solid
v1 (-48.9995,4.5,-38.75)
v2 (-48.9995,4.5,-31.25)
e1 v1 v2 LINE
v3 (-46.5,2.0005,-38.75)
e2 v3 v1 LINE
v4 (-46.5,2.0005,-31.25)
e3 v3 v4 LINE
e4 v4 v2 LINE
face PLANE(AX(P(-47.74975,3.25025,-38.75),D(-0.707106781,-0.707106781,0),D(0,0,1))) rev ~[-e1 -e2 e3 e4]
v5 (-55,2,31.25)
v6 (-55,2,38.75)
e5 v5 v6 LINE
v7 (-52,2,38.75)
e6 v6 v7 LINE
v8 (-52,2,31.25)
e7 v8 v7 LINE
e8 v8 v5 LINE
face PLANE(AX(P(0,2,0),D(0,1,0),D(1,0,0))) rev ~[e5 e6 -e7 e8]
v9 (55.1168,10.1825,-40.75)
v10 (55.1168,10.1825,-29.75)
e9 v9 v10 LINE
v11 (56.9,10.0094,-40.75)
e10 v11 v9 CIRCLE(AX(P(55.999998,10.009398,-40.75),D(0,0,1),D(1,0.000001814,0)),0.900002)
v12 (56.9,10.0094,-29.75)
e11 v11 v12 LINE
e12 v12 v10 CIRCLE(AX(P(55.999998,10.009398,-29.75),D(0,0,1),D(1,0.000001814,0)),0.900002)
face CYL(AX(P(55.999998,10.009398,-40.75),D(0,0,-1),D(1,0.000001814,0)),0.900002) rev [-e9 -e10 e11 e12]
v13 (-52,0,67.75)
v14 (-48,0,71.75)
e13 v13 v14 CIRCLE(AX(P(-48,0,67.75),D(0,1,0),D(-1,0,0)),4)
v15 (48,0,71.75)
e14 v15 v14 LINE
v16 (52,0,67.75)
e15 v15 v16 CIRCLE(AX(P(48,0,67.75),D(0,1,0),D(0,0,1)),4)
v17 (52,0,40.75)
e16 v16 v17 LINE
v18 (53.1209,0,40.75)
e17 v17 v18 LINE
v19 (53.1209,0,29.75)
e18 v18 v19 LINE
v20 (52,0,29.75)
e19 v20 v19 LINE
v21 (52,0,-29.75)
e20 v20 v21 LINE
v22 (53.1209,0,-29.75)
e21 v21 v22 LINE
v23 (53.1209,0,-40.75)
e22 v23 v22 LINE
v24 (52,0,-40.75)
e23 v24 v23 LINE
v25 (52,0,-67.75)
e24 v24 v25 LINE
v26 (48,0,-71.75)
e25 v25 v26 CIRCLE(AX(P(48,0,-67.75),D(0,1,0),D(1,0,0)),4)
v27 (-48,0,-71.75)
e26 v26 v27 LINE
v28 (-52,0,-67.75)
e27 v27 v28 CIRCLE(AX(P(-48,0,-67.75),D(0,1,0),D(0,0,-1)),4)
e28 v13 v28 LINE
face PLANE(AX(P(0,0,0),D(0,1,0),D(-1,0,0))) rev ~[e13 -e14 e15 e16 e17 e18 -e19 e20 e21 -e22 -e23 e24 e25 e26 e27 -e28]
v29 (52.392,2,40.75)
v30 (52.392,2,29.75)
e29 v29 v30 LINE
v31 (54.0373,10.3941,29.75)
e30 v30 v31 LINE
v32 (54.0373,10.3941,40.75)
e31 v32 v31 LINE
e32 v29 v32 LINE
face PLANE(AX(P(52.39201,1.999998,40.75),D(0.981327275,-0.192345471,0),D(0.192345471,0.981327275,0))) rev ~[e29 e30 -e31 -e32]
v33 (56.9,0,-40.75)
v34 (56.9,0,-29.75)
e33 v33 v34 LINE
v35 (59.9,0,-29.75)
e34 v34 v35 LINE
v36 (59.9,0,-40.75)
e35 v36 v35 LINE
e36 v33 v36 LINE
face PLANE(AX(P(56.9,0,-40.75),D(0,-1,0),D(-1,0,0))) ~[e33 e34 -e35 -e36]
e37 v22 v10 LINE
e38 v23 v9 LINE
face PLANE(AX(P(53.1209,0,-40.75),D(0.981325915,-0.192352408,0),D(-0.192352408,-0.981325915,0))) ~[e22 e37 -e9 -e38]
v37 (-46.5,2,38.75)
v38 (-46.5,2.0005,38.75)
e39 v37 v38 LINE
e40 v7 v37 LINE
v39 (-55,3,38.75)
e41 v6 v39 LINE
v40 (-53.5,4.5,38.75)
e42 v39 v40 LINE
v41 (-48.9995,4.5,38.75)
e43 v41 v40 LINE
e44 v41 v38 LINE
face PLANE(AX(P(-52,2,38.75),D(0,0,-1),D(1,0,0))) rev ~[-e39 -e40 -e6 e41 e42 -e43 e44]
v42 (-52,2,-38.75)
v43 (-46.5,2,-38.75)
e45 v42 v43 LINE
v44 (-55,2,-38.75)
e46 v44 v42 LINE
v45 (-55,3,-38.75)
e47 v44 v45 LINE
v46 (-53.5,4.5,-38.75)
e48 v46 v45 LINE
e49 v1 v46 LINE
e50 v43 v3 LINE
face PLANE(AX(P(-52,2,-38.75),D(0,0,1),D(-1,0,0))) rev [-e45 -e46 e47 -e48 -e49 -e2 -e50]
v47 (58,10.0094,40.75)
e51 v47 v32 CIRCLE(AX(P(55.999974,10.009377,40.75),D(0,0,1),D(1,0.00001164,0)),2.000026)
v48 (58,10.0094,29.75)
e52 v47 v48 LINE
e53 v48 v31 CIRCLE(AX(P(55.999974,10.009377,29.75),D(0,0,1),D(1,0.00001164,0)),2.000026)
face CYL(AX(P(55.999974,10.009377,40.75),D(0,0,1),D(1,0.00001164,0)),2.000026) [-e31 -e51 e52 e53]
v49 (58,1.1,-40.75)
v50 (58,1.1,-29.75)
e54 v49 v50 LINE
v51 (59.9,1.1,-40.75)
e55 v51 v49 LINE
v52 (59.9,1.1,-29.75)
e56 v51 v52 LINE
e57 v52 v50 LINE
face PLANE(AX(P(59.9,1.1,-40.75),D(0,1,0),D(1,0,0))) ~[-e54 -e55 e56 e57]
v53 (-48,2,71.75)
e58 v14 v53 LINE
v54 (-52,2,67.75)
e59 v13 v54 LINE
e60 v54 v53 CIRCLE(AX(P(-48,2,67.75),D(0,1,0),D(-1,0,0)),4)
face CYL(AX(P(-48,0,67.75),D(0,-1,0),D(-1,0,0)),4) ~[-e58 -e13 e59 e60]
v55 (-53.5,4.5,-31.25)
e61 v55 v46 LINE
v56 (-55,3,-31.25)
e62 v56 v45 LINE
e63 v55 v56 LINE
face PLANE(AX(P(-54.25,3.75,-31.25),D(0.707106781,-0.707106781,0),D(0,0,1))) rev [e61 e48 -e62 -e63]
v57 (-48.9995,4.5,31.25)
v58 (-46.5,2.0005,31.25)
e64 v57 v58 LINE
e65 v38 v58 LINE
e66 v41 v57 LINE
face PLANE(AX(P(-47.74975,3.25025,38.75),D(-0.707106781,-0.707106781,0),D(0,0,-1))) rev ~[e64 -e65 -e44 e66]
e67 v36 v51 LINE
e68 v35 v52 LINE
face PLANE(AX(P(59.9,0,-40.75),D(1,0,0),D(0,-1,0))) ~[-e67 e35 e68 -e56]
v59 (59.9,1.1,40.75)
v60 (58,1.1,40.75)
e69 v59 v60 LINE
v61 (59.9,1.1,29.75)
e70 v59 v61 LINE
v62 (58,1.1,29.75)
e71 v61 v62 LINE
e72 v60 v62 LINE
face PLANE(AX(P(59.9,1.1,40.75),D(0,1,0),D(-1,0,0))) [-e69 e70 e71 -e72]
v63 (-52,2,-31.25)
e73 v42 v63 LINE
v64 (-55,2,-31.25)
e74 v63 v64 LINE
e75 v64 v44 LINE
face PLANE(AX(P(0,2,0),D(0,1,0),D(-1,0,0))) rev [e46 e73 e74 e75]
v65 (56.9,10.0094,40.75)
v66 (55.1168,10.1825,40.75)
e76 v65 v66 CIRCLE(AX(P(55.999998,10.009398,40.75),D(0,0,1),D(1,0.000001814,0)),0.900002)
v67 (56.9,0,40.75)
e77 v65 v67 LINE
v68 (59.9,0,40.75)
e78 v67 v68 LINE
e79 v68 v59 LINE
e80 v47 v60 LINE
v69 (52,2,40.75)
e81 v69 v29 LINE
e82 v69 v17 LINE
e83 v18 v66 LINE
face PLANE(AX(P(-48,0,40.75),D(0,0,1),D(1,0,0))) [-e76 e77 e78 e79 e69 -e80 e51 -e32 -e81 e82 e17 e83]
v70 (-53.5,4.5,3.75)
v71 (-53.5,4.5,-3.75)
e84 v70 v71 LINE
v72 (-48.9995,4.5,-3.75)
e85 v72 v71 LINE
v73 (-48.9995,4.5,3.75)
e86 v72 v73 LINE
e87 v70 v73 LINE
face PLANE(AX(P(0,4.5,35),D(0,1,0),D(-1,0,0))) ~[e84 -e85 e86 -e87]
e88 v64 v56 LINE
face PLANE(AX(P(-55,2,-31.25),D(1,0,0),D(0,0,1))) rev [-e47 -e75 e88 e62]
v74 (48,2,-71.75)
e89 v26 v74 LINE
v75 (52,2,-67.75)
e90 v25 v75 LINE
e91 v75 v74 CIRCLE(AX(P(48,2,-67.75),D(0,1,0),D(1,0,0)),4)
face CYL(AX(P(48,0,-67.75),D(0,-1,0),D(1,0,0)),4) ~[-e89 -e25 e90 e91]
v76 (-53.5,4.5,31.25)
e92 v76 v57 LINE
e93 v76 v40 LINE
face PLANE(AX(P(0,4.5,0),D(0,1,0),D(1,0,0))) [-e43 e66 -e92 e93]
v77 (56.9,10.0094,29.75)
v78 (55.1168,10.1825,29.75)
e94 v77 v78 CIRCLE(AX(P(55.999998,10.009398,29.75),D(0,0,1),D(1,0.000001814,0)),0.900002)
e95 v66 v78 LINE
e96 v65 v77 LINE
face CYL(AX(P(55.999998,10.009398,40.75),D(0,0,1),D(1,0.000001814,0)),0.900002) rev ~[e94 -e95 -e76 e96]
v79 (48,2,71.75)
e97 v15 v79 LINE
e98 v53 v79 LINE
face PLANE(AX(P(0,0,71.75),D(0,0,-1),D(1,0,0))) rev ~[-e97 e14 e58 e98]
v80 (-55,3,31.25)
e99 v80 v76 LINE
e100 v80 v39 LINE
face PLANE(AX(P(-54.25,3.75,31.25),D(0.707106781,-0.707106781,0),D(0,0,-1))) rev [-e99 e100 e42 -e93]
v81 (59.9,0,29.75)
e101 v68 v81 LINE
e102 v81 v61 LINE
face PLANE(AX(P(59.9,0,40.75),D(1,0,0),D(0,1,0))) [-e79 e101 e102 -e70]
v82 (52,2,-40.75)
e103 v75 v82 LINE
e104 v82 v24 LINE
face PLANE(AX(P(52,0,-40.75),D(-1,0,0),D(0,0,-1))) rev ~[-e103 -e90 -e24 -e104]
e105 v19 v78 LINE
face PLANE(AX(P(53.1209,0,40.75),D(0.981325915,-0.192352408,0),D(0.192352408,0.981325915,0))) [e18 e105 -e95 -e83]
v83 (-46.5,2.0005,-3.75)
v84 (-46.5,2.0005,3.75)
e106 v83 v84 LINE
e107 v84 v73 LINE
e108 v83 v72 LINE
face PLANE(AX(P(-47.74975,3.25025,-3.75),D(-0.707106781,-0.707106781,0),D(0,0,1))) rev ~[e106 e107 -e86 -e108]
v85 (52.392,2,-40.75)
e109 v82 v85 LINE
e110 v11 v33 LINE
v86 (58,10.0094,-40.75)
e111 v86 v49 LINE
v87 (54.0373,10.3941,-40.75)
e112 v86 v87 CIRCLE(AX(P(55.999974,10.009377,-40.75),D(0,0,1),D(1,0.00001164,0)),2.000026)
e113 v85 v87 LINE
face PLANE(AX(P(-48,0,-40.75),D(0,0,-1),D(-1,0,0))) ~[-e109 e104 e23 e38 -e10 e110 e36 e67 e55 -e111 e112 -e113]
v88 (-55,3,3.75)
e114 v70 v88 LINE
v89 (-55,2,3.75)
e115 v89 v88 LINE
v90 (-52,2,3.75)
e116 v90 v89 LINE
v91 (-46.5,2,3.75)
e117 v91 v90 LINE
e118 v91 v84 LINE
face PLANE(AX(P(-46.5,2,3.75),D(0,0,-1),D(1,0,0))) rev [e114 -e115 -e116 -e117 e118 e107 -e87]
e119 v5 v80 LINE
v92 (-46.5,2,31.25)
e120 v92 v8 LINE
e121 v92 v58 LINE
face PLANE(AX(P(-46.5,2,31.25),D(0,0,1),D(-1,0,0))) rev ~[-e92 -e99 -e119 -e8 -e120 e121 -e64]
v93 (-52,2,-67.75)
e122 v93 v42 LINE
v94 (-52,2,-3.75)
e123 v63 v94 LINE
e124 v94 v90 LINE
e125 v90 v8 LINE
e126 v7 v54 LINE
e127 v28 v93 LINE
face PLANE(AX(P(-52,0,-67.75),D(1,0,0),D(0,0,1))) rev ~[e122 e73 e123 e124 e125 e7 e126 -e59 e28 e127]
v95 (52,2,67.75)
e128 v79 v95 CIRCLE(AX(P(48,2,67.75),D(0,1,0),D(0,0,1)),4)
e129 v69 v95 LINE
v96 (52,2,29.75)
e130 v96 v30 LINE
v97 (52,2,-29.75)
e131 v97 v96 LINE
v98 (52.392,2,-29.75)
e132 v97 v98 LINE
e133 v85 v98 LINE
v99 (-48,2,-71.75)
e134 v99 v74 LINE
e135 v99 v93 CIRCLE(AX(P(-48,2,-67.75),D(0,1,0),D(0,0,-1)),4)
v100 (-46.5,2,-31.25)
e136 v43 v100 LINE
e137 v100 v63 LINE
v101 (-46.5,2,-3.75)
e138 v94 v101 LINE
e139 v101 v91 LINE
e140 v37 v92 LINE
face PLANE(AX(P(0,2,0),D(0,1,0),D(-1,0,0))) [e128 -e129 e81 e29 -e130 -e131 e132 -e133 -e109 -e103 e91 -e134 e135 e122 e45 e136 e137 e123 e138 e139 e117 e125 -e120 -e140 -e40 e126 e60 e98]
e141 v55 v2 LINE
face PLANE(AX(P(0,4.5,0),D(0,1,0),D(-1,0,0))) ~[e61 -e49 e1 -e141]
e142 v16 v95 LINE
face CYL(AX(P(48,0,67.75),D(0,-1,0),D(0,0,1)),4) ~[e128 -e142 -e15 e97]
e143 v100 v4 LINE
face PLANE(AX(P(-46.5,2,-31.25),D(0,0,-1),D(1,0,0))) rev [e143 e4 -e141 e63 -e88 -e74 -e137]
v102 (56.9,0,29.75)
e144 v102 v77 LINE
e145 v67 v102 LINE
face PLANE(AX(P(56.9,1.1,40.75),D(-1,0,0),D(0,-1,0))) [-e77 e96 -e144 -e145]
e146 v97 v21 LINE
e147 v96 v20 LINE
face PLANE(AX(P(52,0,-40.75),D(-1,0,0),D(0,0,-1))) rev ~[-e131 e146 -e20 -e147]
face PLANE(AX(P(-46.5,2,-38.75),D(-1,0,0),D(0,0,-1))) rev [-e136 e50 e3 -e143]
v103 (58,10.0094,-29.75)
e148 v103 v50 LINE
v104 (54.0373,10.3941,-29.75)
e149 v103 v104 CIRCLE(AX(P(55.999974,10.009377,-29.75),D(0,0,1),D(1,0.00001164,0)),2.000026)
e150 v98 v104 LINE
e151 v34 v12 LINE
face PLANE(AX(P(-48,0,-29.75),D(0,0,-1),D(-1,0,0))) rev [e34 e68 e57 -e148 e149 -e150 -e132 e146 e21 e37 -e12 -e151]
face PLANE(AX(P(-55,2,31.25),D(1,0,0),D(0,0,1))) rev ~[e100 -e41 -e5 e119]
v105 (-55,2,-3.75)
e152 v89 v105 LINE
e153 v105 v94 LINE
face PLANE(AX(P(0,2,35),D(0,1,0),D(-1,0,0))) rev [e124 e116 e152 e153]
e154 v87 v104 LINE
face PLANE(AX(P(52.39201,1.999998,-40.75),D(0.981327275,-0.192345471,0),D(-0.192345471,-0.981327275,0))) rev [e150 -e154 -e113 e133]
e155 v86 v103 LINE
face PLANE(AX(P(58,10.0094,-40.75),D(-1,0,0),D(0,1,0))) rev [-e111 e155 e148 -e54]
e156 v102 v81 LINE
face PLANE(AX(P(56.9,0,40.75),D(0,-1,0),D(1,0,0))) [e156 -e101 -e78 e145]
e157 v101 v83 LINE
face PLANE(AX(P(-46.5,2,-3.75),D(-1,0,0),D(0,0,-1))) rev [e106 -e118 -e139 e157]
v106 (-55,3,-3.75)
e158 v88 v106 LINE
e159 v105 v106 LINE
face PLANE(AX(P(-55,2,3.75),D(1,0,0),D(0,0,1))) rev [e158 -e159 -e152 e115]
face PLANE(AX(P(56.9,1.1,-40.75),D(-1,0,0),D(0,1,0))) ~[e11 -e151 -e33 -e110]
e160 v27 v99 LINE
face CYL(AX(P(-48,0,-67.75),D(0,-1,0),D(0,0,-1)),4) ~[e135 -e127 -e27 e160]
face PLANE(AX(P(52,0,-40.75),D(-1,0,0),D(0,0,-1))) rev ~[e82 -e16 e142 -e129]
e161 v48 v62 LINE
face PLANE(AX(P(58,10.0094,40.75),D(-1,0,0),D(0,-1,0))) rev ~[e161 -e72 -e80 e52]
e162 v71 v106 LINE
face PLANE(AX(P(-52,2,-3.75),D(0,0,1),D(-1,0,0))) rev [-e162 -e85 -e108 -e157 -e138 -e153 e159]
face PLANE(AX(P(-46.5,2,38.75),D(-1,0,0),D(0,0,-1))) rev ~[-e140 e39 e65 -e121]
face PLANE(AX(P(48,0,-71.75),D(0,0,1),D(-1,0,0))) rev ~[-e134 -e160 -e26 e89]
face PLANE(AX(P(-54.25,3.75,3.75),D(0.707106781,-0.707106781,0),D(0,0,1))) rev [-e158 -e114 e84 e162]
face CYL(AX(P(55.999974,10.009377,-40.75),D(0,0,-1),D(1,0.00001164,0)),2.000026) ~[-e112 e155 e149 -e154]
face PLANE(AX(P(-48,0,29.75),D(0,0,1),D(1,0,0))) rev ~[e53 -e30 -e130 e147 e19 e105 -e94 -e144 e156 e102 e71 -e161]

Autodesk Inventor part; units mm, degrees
ref_plane "YZ Plane" through (0, 0, 0) normal (1, 0, 0) x (0, 1, 0)
sketch "Эскиз1" plane through (0, 0, 0) normal (0, 1, 0) x (-1, 0, 0)
  line L0 (-48, -71.75) -> (48, -71.75)
  line L1 (52, -67.75) -> (52, 67.75)
  line L2 (48, 71.75) -> (-48, 71.75)
  line L3 (-52, 67.75) -> (-52, -67.75)
  line L4 (-52, -71.75) -> (52, 71.75) construction
  line L5 (52, -71.75) -> (-52, 71.75) construction
  arc A0 (52, 67.75) -> (48, 71.75) centre (48, 67.75) ccw
  arc A1 (48, -71.75) -> (52, -67.75) centre (48, -67.75) ccw
  arc A2 (-52, -67.75) -> (-48, -71.75) centre (-48, -67.75) ccw
  arc A3 (-48, 71.75) -> (-52, 67.75) centre (-48, 67.75) ccw
  line L6 (-52, 40.75) -> (-54, 40.75)
  line L7 (-54, 40.75) -> (-54, 29.75)
  line L8 (-54, 29.75) -> (-52, 29.75)
  line L9 (-52, 29.75) -> (-52, 40.75)
  line L10 (-52, 0) -> (52, 0)
  line L11 (-52, -40.75) -> (-54, -40.75)
  line L12 (-54, -40.75) -> (-54, -29.75)
  line L13 (-54, -29.75) -> (-52, -29.75)
  line L14 (-52, -29.75) -> (-52, -40.75)
  circle A4 centre (-30, -63.75) radius 2.05
  line L15 (0, -71.75) -> (0, 71.75)
  circle A5 centre (30, -63.75) radius 2.05
  circle A6 centre (-30, 63.75) radius 2.05
  circle A7 centre (30, 63.75) radius 2.05
  point P0 (0, 0)
  point P1 (-52, 29.75)
  point P2 (-52, -29.75)
  point P3 (-52, -40.75)
  dimension "d0" = 104
  dimension "d1" = 143.5
  dimension "d2" = 4
  dimension "d3" = 2
  dimension "d4" = 11
  dimension "d5" = 31
  dimension "d6" = 4.1
  dimension "d7" = 8
  dimension "d8" = 60
extrude "Выдавливание1" add sketch "Эскиз1" along normal blind 2 contours A2 L3 L10 L15 L0 | L15 L10 L1 A1 L0 | L15 L2 A0 L1 L10 | L10 L3 A3 L2 L15 | A4 | A5 | A6 | A7
ref_plane "РабПлоскость1" through (-48, 0, 40.75) normal (0, 0, 1) x (1, 0, 0)
sketch "Эскиз3" plane through (-48, 0, 40.75) normal (0, 0, 1) x (1, 0, 0)
  line L0 (100, 0) -> (102.0373, 10.3941)
  arc A0 (106, 10.0094) -> (102.0373, 10.3941) centre (104, 10.0094) ccw
  line L1 (100, 2) -> (96, 2) projected
  line L2 (106, 10.0094) -> (106, 1.1)
  line L3 (101.1209, 0) -> (103.1168, 10.1825)
  arc A1 (104.9, 10.0094) -> (103.1168, 10.1825) centre (104, 10.0094) ccw
  line L4 (104.9, 10.0094) -> (104.9, 0)
  line L5 (100, 0) -> (96, 0) projected
  line L6 (100, 0) -> (101.1209, 0)
  line L7 (104.9, 0) -> (109, 0)
  line L8 (104.9, 0) -> (107.9, 0)
  line L9 (107.9, 0) -> (107.9, 1.1)
  line L10 (107.9, 1.1) -> (106, 1.1)
  line L11 (104.9, 1.1) -> (104.9, 0)
  line L12 (100, 2) -> (100.392, 2)
  line L13 (100, 2) -> (100, 0)
  point P0 (48, 0)
  point P1 (104.1933, 12)
  dimension "d19" = 10
  dimension "d20" = 2
  dimension "d21" = 6
  dimension "d22" = 1.1
  dimension "d23" = 1.1
  dimension "d24" = 1.1
  dimension "d25" = 3
extrude "Выдавливание2" add sketch "Эскиз3" against normal blind 11
mirror "Зеркальное отражение1" about plane through (0, 0, 0) normal (0, 0, 1) of "Выдавливание2"
sketch "Эскиз4" plane through (0, 2, 0) normal (0, 1, 0) x (1, 0, 0)
  line L0 (-46.5, -31.25) -> (-55, -31.25)
  line L1 (-55, -31.25) -> (-55, -38.75)
  line L2 (-55, -38.75) -> (-46.5, -38.75)
  line L3 (-46.5, -38.75) -> (-46.5, -31.25)
  line L4 (-52, 67.75) -> (-52, -67.75) projected
  line L5 (-48, -71.75) -> (48, -71.75) projected
  point P0 (0, 0)
  dimension "d28" = 7.5
  dimension "d29" = 3
  dimension "d30" = 33
  dimension "d31" = 5.5
extrude "Выдавливание3" add sketch "Эскиз4" along normal blind 2.5
mirror "Зеркальное отражение2" about plane through (0, 0, 0) normal (0, 0, 1) of "Выдавливание3"
ref_plane "РабПлоскость3" through (-55, 2, 17.5) normal (0, 0, 1) x (1, 0, 0)
ref_plane "РабПлоскость2" through (-55, 2, 35) normal (0, 0, 1) x (1, 0, 0)
mirror "Зеркальное отражение3" about plane through (-55, 2, 17.5) normal (0, 0, 1) of "Выдавливание3"
chamfer "Фаска1" distance 1.5 angle 45 3 edges at (-55, 4.5, 35) (-55, 4.5, 0) (-55, 4.5, -35)
chamfer "Фаска2" distance 2.5 angle 45 3 edges at (-46.5, 4.5, 35) (-46.5, 4.5, -35) (-46.5, 4.5, 0)
properties part number "Toolbox cover"
